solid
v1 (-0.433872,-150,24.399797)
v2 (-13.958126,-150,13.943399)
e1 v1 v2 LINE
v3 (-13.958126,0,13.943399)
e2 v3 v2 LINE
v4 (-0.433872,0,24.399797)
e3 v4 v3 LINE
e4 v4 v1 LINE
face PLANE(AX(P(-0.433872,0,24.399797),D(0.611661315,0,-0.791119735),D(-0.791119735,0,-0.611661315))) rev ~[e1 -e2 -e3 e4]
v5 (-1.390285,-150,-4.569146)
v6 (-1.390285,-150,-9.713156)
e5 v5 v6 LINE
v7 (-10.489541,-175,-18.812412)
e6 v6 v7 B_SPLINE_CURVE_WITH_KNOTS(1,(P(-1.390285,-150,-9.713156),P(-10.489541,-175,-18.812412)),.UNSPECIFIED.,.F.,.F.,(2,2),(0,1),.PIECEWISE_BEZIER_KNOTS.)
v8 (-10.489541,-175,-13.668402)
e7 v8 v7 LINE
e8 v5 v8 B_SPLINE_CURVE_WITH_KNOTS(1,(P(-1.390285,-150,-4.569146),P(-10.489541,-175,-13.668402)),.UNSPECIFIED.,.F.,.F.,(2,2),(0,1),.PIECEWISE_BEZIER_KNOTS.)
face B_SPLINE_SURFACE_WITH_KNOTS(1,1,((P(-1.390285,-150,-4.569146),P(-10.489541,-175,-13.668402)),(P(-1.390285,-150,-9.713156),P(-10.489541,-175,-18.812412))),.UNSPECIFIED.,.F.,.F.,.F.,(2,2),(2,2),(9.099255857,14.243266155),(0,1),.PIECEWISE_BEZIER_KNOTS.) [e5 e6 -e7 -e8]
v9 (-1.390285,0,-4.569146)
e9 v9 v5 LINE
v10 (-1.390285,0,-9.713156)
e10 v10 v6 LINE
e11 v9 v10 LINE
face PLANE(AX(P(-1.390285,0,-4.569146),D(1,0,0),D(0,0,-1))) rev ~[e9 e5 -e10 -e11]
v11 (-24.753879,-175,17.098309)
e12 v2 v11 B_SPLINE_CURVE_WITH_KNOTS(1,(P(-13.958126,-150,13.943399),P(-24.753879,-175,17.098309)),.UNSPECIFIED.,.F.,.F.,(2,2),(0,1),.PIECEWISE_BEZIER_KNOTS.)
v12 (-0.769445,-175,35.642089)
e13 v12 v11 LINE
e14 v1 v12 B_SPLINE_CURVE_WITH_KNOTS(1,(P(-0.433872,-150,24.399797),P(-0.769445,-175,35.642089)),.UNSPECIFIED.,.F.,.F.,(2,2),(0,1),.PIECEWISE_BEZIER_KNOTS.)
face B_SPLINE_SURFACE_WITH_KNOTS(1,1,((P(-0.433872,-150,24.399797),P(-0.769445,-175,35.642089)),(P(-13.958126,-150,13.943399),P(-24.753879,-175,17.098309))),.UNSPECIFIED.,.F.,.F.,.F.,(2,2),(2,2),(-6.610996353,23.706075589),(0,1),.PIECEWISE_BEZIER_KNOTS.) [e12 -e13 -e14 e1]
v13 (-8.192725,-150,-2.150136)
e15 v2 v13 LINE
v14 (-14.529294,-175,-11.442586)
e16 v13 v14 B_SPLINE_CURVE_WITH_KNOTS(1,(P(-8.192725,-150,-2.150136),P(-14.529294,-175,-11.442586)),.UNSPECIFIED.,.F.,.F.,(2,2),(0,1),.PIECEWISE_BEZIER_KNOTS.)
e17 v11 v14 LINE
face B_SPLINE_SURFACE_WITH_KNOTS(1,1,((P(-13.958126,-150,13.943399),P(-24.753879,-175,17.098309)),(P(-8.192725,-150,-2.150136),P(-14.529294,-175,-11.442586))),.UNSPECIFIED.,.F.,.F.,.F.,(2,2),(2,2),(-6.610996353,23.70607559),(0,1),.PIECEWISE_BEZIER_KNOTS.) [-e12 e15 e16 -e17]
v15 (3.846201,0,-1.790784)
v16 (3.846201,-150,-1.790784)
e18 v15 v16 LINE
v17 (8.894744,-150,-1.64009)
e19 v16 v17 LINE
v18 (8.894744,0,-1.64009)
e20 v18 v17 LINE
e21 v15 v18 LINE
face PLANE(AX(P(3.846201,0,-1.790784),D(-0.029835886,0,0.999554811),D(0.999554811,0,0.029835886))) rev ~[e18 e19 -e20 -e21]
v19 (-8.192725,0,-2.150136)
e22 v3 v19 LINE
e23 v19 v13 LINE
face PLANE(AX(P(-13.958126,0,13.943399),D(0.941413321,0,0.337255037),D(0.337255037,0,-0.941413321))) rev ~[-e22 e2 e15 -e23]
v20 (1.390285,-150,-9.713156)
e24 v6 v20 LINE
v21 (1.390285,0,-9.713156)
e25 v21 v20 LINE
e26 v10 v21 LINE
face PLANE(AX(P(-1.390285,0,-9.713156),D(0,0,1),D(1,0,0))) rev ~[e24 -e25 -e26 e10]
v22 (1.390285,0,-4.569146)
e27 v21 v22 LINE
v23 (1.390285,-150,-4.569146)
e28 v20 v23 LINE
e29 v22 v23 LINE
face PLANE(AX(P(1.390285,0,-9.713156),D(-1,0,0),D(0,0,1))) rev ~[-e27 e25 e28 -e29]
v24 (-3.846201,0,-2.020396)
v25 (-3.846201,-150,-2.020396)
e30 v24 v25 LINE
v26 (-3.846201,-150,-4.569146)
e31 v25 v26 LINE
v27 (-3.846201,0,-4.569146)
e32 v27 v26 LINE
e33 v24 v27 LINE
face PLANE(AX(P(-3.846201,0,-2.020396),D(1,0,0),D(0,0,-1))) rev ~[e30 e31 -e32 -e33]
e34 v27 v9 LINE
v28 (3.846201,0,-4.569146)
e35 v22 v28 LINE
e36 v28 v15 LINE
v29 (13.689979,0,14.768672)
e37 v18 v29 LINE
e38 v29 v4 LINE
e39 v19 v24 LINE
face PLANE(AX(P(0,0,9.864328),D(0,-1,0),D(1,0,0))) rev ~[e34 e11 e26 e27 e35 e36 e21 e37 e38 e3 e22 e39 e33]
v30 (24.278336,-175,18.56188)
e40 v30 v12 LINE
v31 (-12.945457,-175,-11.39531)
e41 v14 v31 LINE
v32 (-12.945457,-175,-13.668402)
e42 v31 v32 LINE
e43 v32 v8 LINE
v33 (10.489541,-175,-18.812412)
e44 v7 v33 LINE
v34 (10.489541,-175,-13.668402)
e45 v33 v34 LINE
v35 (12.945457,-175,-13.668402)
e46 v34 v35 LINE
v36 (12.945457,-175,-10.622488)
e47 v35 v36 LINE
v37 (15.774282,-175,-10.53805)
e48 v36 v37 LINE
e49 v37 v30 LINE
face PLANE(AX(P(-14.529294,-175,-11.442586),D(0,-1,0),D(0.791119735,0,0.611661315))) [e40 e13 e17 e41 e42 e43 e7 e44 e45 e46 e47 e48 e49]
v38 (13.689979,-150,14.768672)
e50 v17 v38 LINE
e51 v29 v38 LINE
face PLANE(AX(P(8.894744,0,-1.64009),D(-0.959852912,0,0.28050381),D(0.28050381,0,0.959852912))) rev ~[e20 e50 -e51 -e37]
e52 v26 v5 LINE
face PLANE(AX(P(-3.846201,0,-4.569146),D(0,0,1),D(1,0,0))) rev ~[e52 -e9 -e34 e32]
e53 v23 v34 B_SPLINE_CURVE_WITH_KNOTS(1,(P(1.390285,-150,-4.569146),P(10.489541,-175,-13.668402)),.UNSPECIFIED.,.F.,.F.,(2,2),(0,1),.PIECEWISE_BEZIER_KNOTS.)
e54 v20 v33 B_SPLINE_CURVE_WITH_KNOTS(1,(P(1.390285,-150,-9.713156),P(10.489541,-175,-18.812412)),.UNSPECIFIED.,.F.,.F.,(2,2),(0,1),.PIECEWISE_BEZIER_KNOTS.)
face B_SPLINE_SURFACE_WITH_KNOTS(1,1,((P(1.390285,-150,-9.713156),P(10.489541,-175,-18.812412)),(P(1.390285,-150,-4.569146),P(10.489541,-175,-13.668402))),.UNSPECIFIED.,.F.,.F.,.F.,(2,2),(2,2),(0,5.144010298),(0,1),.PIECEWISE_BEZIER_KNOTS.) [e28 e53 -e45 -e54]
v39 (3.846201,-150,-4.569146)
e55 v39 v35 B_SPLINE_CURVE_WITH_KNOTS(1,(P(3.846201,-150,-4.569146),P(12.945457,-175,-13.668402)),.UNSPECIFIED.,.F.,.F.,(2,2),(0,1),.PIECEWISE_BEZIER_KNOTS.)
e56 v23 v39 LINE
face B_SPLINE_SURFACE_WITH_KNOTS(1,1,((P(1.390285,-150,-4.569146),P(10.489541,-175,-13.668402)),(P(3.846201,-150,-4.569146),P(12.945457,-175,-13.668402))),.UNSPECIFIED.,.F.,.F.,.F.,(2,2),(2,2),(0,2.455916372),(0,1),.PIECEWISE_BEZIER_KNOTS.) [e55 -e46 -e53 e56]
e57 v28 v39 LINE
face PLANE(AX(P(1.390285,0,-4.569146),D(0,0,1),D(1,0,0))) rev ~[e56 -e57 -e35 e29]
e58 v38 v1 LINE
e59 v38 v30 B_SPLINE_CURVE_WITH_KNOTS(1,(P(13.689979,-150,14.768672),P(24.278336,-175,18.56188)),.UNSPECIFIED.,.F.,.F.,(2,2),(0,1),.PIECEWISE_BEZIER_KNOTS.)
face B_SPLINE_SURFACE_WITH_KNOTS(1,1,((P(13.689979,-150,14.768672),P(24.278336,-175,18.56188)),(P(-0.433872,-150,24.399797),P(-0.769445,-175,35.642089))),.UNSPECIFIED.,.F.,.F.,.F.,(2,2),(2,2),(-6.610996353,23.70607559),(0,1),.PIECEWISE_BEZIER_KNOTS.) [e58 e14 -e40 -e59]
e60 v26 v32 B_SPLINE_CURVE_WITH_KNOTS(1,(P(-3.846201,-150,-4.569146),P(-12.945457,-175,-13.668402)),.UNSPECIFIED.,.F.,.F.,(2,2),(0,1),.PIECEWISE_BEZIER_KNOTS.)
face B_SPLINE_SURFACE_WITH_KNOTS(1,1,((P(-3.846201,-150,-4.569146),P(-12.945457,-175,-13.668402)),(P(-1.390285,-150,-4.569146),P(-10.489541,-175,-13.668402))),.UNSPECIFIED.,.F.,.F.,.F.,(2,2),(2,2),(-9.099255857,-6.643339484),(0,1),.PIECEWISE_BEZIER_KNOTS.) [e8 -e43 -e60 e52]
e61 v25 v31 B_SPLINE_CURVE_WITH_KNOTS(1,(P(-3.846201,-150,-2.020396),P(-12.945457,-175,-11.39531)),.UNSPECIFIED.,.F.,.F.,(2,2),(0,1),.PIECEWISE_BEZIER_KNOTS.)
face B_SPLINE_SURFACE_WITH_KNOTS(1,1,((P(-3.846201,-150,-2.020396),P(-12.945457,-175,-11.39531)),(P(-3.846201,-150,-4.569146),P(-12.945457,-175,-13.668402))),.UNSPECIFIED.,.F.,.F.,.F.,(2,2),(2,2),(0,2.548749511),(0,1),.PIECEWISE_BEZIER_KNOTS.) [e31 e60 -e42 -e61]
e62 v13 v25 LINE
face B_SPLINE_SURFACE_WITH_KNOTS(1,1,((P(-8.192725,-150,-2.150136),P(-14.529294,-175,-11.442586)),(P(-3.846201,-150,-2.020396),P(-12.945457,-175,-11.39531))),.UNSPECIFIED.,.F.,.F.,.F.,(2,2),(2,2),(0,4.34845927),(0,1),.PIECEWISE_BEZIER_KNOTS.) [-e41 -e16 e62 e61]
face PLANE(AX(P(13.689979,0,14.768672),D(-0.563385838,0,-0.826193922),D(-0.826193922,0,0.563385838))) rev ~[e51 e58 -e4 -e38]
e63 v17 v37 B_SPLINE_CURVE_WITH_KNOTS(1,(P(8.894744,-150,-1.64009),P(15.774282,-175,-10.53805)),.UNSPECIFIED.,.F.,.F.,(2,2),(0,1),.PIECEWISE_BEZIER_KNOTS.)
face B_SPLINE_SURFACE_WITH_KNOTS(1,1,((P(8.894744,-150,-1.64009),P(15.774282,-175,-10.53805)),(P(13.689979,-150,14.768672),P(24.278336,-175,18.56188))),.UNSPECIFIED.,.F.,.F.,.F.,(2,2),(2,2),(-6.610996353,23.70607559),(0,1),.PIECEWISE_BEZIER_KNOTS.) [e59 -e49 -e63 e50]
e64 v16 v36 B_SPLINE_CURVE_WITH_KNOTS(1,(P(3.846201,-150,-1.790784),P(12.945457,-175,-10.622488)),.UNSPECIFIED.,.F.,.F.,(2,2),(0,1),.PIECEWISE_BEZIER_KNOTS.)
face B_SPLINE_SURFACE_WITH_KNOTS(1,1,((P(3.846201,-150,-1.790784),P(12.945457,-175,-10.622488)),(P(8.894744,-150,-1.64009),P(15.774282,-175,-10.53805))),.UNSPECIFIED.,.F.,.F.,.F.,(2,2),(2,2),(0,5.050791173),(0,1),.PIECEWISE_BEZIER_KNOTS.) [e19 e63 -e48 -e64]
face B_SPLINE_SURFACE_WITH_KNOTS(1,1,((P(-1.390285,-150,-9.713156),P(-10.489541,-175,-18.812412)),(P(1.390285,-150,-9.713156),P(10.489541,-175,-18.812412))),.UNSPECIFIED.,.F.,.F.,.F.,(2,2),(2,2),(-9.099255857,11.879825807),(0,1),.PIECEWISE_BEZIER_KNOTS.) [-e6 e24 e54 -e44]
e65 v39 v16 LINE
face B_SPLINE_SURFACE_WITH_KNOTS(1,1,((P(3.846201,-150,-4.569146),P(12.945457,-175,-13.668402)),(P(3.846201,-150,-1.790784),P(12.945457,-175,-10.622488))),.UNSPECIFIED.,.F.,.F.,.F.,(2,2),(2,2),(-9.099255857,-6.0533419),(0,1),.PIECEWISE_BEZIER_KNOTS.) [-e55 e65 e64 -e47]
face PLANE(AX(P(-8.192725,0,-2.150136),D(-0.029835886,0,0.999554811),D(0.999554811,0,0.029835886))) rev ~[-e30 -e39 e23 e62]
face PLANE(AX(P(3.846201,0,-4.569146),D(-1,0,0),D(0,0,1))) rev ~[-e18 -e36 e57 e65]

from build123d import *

# Parameters (mm, degrees)
F1_DEPTH = 150
F2_DEPTH = 25
F2_TAPER = -20


with BuildPart() as f1:
    # F0 (on Front) → F1 (new body)
    with BuildSketch(Plane.XZ):
        Polygon((-0.4338717465, 24.399797494), (-13.9581263065, 13.9433988455), (-8.1927247302, -2.1501364642), (-3.8462013472, -2.020396331), (3.8462013472, -1.7907844638), (8.8947439628, -1.6400896363), (13.6899788204, 14.7686719489), align=None)
        Polygon((3.8462013472, -1.7907844638), (-3.8462013472, -2.020396331), (-3.8462013472, -4.5691458424), (-1.3902849751, -4.5691458424), (-1.3902849751, -9.7131561403), (0, -9.7131561403), (1.3902849751, -9.7131561403), (1.3902849751, -4.5691458424), (3.8462013472, -4.5691458424), align=None)
    extrude(amount=F1_DEPTH)

    # F1_face (on face) → F2 (join)
    with BuildSketch(Plane(origin=(0.0021061426, -150, 8.9125586463), x_dir=(1, 0, 0), z_dir=(0, -1, 0))):
        Polygon((-8.1948308728, -11.0626951105), (-3.8483074898, -10.9329549773), (-3.8483074898, -13.4817044887), (-1.3923911176, -13.4817044887), (-1.3923911176, -18.6257147866), (1.3881788325, -18.6257147866), (1.3881788325, -13.4817044887), (3.8440952046, -13.4817044887), (3.8440952046, -10.7033431101), (8.8926378202, -10.5526482826), (13.6878726779, 5.8561133027), (-0.4359778891, 15.4872388477), (-13.9602324491, 5.0308401992), align=None)
    extrude(amount=F2_DEPTH, taper=F2_TAPER)


solid = f1.part
